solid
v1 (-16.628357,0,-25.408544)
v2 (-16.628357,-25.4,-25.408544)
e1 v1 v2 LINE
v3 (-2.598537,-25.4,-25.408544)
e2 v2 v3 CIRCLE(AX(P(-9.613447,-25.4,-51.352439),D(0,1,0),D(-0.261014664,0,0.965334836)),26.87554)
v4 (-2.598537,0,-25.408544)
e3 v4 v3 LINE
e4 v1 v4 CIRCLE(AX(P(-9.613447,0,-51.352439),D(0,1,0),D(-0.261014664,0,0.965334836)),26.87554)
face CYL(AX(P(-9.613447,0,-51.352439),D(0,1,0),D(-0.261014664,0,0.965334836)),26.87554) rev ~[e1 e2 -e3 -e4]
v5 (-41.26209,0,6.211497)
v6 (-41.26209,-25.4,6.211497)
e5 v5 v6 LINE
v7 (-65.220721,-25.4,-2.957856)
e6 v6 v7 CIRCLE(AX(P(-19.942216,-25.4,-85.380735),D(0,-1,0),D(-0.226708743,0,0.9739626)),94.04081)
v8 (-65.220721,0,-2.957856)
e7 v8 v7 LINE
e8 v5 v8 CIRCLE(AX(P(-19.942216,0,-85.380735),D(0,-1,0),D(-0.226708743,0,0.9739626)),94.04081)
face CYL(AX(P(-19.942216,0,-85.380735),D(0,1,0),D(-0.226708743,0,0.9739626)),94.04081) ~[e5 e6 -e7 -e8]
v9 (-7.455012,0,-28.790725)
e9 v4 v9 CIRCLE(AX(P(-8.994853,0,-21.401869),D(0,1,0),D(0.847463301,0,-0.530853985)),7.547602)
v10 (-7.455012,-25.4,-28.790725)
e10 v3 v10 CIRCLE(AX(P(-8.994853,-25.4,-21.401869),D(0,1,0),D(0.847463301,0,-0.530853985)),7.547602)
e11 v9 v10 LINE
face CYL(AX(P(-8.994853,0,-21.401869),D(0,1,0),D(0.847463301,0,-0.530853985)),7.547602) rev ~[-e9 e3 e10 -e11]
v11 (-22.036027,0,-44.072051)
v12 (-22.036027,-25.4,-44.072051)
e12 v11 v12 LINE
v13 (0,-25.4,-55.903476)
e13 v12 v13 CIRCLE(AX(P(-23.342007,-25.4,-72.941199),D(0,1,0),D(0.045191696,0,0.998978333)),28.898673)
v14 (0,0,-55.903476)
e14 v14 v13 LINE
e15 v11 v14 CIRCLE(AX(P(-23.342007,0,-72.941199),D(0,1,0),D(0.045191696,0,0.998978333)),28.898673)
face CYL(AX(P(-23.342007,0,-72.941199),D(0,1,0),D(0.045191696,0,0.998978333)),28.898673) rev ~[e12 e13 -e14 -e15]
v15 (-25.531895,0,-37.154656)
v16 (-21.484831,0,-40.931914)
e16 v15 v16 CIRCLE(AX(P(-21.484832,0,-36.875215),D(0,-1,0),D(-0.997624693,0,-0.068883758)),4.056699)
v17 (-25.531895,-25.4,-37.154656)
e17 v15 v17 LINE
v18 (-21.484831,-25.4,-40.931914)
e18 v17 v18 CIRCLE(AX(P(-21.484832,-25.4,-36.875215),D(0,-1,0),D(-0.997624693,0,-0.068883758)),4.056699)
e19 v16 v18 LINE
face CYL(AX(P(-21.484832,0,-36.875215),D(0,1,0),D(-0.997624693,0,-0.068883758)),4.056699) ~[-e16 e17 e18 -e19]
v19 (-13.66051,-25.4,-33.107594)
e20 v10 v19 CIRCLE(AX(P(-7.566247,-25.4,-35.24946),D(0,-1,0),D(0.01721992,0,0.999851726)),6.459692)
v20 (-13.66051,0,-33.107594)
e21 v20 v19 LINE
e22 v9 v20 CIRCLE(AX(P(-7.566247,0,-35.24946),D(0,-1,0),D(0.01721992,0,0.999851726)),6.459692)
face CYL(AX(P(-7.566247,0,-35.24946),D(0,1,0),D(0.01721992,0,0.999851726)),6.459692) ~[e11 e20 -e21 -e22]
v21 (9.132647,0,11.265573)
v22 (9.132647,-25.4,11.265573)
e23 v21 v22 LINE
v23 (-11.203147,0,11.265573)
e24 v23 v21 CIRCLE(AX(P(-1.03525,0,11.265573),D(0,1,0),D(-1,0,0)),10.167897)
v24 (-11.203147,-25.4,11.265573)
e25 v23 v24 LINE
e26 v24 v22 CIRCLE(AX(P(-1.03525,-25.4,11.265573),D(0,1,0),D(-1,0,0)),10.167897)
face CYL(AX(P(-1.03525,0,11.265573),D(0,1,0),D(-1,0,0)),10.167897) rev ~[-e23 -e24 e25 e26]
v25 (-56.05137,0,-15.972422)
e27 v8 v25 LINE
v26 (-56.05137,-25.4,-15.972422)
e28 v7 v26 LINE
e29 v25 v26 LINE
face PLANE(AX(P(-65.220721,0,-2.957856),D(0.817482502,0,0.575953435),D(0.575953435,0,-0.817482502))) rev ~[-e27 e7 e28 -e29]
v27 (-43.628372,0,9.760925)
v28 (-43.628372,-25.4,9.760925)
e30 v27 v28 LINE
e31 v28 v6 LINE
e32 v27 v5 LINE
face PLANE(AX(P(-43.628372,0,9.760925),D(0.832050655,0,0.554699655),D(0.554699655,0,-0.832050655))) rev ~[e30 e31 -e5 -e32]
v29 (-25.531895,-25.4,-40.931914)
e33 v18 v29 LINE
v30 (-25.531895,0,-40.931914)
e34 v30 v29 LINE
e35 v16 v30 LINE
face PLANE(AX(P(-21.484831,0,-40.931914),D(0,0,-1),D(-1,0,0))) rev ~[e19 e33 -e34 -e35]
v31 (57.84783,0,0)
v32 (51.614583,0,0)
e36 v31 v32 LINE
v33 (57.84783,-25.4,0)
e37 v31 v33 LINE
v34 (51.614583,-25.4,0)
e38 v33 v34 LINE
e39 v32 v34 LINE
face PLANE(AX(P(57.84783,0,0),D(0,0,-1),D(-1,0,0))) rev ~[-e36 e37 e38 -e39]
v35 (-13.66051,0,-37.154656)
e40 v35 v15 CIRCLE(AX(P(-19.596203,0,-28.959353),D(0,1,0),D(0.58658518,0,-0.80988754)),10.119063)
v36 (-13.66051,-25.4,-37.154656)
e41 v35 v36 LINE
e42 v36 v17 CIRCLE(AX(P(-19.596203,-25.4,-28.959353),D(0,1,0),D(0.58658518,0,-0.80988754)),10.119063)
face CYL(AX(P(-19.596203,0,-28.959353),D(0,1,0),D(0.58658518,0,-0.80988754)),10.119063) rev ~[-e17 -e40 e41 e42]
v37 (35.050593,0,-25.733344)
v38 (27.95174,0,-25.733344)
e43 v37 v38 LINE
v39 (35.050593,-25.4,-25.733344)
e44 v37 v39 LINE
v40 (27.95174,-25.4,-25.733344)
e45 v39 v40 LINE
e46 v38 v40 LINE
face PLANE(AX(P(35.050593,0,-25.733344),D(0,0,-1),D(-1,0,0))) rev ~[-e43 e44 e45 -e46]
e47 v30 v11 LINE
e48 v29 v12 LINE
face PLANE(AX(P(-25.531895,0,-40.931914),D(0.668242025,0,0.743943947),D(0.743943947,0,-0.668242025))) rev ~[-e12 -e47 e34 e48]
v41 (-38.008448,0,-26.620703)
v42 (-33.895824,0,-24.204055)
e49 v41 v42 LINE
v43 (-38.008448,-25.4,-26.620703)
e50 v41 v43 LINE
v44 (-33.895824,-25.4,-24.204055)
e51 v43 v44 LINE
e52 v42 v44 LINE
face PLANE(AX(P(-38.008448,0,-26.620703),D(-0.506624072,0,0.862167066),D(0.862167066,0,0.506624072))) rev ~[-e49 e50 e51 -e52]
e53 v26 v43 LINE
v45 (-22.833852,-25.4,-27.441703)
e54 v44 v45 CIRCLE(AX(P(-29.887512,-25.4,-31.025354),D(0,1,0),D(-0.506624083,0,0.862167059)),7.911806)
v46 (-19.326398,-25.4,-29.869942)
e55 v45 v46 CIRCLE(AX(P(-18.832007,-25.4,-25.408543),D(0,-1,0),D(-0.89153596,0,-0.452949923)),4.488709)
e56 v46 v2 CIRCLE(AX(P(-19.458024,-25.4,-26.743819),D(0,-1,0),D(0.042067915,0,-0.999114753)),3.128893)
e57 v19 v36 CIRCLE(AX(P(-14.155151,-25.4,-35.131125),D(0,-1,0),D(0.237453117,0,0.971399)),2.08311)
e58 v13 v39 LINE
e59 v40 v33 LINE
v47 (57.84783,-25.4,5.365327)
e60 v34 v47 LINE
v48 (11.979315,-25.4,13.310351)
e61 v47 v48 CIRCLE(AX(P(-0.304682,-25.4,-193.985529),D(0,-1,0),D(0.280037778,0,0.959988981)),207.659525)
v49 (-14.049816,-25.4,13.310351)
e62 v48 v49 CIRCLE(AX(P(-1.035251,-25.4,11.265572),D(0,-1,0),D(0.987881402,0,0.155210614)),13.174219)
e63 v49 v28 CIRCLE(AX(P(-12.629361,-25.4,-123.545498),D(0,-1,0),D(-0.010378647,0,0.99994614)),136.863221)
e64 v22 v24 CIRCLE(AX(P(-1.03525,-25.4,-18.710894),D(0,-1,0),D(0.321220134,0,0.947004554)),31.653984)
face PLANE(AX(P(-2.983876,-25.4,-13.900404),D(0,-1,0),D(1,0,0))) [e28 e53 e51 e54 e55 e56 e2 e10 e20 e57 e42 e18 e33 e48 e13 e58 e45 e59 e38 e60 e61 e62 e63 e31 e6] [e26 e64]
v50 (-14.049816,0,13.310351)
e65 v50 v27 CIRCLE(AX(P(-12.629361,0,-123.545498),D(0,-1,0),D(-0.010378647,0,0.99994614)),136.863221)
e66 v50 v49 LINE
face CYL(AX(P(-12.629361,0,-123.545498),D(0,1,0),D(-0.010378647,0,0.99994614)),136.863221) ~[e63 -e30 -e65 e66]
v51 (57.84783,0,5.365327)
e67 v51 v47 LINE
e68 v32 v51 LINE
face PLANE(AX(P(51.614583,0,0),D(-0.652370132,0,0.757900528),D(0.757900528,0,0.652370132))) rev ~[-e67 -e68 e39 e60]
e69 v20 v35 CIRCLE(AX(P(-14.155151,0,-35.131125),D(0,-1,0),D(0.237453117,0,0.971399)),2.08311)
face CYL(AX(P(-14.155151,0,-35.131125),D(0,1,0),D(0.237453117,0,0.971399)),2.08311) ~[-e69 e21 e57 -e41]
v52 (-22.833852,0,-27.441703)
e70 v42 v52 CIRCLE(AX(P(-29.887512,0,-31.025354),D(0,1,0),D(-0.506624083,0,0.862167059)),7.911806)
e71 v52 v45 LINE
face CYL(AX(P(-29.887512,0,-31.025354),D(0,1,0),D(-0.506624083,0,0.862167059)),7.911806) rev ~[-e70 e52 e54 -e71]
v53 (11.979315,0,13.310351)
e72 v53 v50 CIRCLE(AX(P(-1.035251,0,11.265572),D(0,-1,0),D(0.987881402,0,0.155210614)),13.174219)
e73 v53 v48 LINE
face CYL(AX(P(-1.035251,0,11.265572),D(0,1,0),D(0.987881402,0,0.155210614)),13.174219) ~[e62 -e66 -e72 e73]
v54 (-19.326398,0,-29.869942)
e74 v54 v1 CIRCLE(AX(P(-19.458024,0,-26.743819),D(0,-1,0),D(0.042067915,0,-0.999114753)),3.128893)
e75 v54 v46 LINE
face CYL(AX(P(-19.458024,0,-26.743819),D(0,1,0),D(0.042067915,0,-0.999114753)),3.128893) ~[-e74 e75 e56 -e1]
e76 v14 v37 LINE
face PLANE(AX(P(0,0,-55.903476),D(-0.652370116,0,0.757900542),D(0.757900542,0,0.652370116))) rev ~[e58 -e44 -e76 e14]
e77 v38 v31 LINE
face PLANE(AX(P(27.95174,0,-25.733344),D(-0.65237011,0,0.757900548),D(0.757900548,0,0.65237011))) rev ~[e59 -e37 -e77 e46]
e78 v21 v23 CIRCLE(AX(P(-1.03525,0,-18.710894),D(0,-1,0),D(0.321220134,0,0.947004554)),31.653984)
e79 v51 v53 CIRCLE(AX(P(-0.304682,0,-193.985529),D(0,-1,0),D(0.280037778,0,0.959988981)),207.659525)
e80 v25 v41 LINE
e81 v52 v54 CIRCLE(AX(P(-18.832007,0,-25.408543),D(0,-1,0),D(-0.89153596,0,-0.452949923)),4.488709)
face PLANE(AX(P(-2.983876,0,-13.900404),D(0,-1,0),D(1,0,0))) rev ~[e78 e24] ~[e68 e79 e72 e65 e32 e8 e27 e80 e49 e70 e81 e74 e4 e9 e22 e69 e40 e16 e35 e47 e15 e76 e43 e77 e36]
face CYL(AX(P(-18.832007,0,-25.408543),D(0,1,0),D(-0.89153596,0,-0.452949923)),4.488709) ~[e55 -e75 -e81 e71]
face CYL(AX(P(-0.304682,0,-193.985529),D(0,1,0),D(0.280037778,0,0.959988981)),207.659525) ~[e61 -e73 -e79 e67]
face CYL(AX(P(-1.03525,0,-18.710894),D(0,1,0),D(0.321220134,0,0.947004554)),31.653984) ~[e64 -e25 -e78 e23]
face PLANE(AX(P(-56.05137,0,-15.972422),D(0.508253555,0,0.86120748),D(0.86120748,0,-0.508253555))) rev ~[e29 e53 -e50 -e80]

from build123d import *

# Parameters (mm, degrees)
F1_DEPTH = 25.4


with BuildPart() as f1:
    # F0 (on Front) → F1 (new body)
    with BuildSketch(Plane.XZ):
        with BuildLine():
            ThreePointArc((-22.036027, -44.072051), (-9.67173, -47.480311), (0, -55.903476))
            Line((0, -55.903476), (35.050593, -25.733344))
            Line((35.050593, -25.733344), (27.95174, -25.733344))
            Line((27.95174, -25.733344), (57.84783, 0))
            Line((57.84783, 0), (51.614583, 0))
            Line((51.614583, 0), (57.84783, 5.365327))
            ThreePointArc((57.84783, 5.365327), (35.136908, 10.627208), (11.979315, 13.310351))
            ThreePointArc((11.979315, 13.310351), (-1.03525, 24.439791), (-14.049816, 13.310351))
            ThreePointArc((-14.049816, 13.310351), (-28.935956, 12.342824), (-43.628372, 9.760925))
            Line((-43.628372, 9.760925), (-41.26209, 6.211497))
            ThreePointArc((-41.26209, 6.211497), (-53.555536, 2.447613), (-65.220721, -2.957856))
            Line((-65.220721, -2.957856), (-56.05137, -15.972422))
            Line((-56.05137, -15.972422), (-38.008448, -26.620703))
            Line((-38.008448, -26.620703), (-33.895824, -24.204055))
            ThreePointArc((-33.895824, -24.204055), (-27.665097, -23.432097), (-22.833852, -27.441703))
            ThreePointArc((-22.833852, -27.441703), (-21.387026, -29.099123), (-19.326398, -29.869942))
            ThreePointArc((-19.326398, -29.869942), (-16.78065, -28.362967), (-16.628357, -25.408544))
            ThreePointArc((-16.628357, -25.408544), (-9.613447, -24.476899), (-2.598537, -25.408544))
            ThreePointArc((-2.598537, -25.408544), (-4.681451, -27.595484), (-7.455012, -28.790725))
            ThreePointArc((-7.455012, -28.790725), (-11.255149, -29.946665), (-13.66051, -33.107594))
            ThreePointArc((-13.66051, -33.107594), (-16.238261, -35.131125), (-13.66051, -37.154656))
            ThreePointArc((-13.66051, -37.154656), (-19.596203, -39.078416), (-25.531895, -37.154656))
            ThreePointArc((-25.531895, -37.154656), (-24.252791, -39.840887), (-21.484831, -40.931914))
            Line((-21.484831, -40.931914), (-25.531895, -40.931914))
            Line((-25.531895, -40.931914), (-22.036027, -44.072051))
        make_face()
        with BuildLine():
            ThreePointArc((-11.203147, 11.265573), (-1.03525, 21.43347), (9.132647, 11.265573))
            ThreePointArc((9.132647, 11.265573), (-1.03525, 12.94309), (-11.203147, 11.265573))
        make_face(mode=Mode.SUBTRACT)
    extrude(amount=F1_DEPTH)


solid = f1.part
